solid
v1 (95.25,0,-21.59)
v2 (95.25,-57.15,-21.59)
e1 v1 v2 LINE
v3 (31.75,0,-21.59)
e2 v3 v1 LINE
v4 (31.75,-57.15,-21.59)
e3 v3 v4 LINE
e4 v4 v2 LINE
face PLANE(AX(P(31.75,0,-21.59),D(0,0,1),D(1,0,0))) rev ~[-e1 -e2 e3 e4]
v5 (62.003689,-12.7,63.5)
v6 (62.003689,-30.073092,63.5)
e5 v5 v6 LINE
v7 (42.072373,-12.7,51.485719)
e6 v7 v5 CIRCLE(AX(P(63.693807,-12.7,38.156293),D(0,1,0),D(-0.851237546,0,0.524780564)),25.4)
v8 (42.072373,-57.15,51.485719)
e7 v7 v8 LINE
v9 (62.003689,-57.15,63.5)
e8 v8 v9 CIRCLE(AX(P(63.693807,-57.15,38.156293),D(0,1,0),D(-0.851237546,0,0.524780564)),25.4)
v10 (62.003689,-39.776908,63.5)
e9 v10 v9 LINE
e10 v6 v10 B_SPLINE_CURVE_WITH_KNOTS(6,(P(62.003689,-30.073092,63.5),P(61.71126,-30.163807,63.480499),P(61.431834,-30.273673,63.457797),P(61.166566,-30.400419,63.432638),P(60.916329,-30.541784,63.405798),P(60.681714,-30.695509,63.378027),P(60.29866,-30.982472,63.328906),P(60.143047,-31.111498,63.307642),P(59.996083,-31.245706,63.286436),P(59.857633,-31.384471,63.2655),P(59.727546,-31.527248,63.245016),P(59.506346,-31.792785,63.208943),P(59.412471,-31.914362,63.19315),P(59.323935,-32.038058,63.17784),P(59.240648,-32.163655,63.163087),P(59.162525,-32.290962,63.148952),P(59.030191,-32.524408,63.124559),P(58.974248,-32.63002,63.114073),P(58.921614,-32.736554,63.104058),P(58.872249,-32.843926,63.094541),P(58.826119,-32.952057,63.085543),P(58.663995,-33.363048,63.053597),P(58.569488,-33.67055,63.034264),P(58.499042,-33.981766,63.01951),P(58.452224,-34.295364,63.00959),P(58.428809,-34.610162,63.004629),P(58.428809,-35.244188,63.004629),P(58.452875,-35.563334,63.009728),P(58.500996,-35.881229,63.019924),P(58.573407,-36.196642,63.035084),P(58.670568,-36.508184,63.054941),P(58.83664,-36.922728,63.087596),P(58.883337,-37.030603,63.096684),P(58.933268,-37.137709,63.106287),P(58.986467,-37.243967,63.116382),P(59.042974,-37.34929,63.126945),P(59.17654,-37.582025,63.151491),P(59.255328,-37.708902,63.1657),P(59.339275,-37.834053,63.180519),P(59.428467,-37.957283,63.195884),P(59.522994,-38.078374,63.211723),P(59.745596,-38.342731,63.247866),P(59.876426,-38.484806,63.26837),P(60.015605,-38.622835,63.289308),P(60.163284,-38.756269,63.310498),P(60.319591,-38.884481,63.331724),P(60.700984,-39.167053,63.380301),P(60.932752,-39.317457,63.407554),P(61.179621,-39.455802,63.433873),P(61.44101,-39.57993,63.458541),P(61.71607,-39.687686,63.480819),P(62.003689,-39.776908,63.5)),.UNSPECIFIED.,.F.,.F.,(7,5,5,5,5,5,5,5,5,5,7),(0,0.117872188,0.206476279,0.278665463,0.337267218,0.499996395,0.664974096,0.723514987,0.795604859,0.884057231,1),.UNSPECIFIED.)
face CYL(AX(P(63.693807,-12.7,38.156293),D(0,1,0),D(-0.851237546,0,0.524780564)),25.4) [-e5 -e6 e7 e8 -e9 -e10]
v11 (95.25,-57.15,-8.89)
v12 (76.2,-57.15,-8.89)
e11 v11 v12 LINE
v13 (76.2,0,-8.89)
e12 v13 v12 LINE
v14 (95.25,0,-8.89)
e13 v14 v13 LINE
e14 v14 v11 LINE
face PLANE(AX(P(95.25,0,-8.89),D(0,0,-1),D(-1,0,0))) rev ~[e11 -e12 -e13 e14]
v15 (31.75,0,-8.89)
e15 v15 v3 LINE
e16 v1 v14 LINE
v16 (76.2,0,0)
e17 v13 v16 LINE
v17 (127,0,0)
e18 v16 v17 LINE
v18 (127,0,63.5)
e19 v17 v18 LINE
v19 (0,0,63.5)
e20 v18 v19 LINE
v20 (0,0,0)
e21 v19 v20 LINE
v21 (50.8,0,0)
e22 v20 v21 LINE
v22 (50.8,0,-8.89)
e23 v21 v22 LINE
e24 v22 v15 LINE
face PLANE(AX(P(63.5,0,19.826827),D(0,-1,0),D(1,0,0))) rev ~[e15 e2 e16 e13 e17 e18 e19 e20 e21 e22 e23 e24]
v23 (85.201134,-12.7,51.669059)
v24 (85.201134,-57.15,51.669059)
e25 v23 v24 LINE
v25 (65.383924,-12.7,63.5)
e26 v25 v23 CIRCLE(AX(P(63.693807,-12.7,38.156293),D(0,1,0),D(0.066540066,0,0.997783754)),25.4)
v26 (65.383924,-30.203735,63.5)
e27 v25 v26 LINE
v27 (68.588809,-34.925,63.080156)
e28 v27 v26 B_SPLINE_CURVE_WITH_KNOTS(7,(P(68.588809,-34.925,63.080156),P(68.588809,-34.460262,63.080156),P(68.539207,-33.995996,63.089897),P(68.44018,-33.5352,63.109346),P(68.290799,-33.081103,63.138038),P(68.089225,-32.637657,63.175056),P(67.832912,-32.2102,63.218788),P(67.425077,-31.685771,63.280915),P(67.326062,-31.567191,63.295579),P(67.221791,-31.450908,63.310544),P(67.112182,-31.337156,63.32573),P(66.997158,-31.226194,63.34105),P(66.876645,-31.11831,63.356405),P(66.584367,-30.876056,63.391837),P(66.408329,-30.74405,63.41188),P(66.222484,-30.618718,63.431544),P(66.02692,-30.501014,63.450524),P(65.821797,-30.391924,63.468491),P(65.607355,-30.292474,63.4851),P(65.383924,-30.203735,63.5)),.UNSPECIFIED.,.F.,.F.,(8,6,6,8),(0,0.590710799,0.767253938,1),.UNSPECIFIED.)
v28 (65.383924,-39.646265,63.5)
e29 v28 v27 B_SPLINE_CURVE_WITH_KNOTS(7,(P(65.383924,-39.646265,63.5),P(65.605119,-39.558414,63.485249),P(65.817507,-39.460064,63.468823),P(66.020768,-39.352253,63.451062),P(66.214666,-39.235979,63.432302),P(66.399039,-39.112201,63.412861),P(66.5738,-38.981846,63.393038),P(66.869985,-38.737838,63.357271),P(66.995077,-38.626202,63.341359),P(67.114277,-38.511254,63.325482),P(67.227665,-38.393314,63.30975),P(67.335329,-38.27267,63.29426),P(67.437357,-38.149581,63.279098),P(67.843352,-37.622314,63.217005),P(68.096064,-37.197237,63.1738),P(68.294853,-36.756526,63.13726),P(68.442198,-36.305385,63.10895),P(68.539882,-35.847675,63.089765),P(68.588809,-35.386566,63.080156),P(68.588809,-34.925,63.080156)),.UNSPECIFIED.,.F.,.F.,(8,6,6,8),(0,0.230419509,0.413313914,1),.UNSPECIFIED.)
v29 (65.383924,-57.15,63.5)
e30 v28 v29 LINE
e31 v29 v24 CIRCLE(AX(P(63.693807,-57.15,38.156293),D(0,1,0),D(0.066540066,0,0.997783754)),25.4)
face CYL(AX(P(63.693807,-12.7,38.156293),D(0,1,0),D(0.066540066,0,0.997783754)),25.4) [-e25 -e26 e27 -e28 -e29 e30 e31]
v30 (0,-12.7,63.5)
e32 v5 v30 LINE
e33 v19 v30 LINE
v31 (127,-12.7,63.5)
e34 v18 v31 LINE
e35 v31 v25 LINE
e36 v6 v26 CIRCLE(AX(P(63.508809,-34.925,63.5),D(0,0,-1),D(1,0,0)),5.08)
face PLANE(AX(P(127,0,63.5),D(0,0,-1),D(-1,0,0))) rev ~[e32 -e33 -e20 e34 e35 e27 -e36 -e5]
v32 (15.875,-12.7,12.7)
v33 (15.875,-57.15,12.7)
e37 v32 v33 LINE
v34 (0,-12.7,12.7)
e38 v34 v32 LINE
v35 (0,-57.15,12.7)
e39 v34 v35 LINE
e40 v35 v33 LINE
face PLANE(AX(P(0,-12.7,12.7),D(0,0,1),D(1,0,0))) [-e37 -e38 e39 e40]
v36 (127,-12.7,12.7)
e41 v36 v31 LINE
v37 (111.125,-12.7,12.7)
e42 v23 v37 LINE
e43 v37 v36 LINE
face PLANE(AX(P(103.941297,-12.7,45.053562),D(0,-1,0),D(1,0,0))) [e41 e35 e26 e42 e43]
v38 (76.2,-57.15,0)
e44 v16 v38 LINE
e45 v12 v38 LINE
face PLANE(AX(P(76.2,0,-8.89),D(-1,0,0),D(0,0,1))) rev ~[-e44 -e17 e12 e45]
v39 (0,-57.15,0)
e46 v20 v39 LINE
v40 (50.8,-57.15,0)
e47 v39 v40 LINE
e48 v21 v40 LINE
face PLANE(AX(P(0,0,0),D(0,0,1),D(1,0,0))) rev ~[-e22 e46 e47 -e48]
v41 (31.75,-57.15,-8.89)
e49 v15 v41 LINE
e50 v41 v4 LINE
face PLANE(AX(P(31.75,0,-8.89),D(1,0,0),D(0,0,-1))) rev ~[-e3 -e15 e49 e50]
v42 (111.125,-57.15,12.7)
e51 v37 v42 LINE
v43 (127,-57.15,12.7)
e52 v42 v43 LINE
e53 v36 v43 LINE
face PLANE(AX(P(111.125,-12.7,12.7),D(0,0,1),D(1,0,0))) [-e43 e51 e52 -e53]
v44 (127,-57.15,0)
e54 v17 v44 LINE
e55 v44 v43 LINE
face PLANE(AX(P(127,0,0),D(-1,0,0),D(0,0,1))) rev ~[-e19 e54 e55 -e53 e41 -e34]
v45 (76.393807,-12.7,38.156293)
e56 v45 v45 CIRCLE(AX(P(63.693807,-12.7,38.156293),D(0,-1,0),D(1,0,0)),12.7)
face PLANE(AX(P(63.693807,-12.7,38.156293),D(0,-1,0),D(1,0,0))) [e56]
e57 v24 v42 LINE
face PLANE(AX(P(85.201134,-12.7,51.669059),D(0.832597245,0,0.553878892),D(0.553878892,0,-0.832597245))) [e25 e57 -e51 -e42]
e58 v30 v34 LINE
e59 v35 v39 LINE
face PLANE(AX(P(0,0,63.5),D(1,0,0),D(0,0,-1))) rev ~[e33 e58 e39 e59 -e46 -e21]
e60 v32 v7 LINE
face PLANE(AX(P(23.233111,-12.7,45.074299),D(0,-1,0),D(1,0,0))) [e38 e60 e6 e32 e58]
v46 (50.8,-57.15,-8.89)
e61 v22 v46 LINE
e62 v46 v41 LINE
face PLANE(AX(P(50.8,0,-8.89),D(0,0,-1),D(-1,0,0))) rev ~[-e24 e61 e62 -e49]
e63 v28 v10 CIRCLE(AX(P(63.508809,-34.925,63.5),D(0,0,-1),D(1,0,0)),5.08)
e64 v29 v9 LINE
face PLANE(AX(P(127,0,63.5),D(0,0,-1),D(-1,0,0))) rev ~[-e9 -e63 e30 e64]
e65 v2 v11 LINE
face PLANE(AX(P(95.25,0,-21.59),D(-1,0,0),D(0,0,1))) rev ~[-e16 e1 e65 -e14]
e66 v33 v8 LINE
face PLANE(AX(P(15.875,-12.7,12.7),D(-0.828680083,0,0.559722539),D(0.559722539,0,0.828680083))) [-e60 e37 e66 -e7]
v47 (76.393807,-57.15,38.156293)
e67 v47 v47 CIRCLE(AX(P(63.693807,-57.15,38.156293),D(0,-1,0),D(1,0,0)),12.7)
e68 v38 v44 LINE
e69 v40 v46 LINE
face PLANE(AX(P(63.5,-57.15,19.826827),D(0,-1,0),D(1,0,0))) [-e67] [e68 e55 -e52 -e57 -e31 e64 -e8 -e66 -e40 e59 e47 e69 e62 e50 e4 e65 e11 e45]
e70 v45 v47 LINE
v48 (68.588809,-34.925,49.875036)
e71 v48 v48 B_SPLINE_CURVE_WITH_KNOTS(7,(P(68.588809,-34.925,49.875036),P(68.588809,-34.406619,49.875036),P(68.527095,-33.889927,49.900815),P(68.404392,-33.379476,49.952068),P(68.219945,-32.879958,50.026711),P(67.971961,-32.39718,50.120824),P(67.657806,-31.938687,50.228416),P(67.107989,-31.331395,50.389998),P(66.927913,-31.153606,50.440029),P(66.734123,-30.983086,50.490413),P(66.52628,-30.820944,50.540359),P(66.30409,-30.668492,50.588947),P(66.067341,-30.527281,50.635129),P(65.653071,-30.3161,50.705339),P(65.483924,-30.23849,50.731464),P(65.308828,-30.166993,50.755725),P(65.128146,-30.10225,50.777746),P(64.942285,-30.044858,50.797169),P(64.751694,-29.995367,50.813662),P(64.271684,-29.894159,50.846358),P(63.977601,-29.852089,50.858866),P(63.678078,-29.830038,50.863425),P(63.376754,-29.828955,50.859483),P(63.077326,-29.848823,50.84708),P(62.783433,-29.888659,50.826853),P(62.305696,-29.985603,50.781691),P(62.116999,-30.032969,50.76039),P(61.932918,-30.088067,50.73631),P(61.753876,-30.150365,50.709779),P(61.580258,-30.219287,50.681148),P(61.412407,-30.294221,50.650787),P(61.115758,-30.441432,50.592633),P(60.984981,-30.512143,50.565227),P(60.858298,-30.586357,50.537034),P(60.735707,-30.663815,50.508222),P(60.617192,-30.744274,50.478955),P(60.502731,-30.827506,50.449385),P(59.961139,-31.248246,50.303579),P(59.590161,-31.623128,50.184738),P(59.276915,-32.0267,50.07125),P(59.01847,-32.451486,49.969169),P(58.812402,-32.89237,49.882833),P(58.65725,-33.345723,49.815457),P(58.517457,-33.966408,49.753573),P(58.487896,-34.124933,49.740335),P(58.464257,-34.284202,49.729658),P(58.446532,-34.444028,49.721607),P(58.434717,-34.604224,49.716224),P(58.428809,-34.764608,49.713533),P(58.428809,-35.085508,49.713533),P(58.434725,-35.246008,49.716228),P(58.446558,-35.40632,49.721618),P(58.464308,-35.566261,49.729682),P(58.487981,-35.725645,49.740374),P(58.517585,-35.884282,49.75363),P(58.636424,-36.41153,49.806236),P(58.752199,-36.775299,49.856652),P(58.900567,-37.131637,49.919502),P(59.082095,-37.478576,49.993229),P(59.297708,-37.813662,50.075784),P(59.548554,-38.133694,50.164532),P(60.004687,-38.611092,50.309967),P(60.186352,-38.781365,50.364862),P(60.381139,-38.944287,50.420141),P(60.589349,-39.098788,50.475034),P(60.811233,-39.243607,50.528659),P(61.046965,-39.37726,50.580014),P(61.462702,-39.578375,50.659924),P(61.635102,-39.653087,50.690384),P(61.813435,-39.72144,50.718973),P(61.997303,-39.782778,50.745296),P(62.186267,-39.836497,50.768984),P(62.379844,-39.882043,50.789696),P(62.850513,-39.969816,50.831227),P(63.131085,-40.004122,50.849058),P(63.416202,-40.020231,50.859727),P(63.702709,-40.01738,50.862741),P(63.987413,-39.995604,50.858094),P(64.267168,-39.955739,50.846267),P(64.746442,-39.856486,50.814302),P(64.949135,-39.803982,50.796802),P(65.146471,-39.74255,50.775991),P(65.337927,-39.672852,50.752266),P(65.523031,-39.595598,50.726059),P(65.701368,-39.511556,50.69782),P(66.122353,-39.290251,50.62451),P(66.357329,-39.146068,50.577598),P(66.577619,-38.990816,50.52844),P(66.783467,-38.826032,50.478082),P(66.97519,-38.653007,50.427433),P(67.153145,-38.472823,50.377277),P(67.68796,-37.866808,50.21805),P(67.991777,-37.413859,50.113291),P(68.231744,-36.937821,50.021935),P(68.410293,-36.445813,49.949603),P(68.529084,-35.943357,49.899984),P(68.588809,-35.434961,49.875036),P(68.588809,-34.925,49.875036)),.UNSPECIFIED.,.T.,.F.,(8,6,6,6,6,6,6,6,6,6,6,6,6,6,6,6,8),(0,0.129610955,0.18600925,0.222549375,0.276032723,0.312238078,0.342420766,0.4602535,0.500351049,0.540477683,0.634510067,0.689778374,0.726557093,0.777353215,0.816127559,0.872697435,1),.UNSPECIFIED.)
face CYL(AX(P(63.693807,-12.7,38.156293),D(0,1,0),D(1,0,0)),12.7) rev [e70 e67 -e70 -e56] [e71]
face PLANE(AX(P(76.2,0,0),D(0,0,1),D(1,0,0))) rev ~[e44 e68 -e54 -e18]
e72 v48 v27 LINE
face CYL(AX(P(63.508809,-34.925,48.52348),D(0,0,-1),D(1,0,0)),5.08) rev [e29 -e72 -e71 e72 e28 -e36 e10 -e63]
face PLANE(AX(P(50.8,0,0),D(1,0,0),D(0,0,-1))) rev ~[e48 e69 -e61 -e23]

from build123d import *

# Parameters (mm, degrees)
F1_DEPTH = 57.15
F3_START = 12.7
F2_R     = 12.7
F3_DEPTH = 44.45
F5_START = 48.52348
F4_R     = 5.08
F5_DEPTH = 42.4313


with BuildPart() as f1:
    # F0 (on Front) → F1 (new body)
    with BuildSketch(Plane.XZ):
        Polygon((95.25, -8.89), (76.2, -8.89), (76.2, 0), (127, 0), (127, 63.5), (0, 63.5), (0, 0), (50.8, 0), (50.8, -8.89), (31.75, -8.89), (31.75, -21.59), (95.25, -21.59), align=None)
    extrude(amount=F1_DEPTH)

    # F2 (on Front) → F3 (cut)
    with BuildSketch(Plane.XZ.offset(F3_START)):
        with BuildLine():
            Line((127, 63.5), (65.383924195, 63.5))
            ThreePointArc((65.383924195, 63.5), (76.7139126522, 59.9653925056), (85.2011344437, 51.6690586863))
            Line((85.2011344437, 51.6690586863), (111.125, 12.7))
            Line((111.125, 12.7), (127, 12.7))
            Line((127, 12.7), (127, 63.5))
        make_face()
        with BuildLine():
            ThreePointArc((65.383924195, 63.5), (63.693806529, 63.5562926494), (62.0036888631, 63.5))
            Line((62.0036888631, 63.5), (65.383924195, 63.5))
        make_face()
        with BuildLine():
            Line((62.0036888631, 63.5), (0, 63.5))
            Line((0, 63.5), (0, 12.7))
            Line((0, 12.7), (15.875, 12.7))
            Line((15.875, 12.7), (42.0723728562, 51.485718966))
            ThreePointArc((42.0723728562, 51.485718966), (50.5811087271, 59.9098476773), (62.0036888631, 63.5))
        make_face()
        with Locations((63.693806529, 38.1562926494)):
            Circle(F2_R)
    extrude(amount=F3_DEPTH, mode=Mode.SUBTRACT)

    # F4 (on Top) → F5 (cut)
    with BuildSketch(Plane.XY.offset(F5_START)):
        with Locations((63.5088086128, -34.925)):
            Circle(F4_R)
    extrude(amount=F5_DEPTH, mode=Mode.SUBTRACT)


solid = f1.part
